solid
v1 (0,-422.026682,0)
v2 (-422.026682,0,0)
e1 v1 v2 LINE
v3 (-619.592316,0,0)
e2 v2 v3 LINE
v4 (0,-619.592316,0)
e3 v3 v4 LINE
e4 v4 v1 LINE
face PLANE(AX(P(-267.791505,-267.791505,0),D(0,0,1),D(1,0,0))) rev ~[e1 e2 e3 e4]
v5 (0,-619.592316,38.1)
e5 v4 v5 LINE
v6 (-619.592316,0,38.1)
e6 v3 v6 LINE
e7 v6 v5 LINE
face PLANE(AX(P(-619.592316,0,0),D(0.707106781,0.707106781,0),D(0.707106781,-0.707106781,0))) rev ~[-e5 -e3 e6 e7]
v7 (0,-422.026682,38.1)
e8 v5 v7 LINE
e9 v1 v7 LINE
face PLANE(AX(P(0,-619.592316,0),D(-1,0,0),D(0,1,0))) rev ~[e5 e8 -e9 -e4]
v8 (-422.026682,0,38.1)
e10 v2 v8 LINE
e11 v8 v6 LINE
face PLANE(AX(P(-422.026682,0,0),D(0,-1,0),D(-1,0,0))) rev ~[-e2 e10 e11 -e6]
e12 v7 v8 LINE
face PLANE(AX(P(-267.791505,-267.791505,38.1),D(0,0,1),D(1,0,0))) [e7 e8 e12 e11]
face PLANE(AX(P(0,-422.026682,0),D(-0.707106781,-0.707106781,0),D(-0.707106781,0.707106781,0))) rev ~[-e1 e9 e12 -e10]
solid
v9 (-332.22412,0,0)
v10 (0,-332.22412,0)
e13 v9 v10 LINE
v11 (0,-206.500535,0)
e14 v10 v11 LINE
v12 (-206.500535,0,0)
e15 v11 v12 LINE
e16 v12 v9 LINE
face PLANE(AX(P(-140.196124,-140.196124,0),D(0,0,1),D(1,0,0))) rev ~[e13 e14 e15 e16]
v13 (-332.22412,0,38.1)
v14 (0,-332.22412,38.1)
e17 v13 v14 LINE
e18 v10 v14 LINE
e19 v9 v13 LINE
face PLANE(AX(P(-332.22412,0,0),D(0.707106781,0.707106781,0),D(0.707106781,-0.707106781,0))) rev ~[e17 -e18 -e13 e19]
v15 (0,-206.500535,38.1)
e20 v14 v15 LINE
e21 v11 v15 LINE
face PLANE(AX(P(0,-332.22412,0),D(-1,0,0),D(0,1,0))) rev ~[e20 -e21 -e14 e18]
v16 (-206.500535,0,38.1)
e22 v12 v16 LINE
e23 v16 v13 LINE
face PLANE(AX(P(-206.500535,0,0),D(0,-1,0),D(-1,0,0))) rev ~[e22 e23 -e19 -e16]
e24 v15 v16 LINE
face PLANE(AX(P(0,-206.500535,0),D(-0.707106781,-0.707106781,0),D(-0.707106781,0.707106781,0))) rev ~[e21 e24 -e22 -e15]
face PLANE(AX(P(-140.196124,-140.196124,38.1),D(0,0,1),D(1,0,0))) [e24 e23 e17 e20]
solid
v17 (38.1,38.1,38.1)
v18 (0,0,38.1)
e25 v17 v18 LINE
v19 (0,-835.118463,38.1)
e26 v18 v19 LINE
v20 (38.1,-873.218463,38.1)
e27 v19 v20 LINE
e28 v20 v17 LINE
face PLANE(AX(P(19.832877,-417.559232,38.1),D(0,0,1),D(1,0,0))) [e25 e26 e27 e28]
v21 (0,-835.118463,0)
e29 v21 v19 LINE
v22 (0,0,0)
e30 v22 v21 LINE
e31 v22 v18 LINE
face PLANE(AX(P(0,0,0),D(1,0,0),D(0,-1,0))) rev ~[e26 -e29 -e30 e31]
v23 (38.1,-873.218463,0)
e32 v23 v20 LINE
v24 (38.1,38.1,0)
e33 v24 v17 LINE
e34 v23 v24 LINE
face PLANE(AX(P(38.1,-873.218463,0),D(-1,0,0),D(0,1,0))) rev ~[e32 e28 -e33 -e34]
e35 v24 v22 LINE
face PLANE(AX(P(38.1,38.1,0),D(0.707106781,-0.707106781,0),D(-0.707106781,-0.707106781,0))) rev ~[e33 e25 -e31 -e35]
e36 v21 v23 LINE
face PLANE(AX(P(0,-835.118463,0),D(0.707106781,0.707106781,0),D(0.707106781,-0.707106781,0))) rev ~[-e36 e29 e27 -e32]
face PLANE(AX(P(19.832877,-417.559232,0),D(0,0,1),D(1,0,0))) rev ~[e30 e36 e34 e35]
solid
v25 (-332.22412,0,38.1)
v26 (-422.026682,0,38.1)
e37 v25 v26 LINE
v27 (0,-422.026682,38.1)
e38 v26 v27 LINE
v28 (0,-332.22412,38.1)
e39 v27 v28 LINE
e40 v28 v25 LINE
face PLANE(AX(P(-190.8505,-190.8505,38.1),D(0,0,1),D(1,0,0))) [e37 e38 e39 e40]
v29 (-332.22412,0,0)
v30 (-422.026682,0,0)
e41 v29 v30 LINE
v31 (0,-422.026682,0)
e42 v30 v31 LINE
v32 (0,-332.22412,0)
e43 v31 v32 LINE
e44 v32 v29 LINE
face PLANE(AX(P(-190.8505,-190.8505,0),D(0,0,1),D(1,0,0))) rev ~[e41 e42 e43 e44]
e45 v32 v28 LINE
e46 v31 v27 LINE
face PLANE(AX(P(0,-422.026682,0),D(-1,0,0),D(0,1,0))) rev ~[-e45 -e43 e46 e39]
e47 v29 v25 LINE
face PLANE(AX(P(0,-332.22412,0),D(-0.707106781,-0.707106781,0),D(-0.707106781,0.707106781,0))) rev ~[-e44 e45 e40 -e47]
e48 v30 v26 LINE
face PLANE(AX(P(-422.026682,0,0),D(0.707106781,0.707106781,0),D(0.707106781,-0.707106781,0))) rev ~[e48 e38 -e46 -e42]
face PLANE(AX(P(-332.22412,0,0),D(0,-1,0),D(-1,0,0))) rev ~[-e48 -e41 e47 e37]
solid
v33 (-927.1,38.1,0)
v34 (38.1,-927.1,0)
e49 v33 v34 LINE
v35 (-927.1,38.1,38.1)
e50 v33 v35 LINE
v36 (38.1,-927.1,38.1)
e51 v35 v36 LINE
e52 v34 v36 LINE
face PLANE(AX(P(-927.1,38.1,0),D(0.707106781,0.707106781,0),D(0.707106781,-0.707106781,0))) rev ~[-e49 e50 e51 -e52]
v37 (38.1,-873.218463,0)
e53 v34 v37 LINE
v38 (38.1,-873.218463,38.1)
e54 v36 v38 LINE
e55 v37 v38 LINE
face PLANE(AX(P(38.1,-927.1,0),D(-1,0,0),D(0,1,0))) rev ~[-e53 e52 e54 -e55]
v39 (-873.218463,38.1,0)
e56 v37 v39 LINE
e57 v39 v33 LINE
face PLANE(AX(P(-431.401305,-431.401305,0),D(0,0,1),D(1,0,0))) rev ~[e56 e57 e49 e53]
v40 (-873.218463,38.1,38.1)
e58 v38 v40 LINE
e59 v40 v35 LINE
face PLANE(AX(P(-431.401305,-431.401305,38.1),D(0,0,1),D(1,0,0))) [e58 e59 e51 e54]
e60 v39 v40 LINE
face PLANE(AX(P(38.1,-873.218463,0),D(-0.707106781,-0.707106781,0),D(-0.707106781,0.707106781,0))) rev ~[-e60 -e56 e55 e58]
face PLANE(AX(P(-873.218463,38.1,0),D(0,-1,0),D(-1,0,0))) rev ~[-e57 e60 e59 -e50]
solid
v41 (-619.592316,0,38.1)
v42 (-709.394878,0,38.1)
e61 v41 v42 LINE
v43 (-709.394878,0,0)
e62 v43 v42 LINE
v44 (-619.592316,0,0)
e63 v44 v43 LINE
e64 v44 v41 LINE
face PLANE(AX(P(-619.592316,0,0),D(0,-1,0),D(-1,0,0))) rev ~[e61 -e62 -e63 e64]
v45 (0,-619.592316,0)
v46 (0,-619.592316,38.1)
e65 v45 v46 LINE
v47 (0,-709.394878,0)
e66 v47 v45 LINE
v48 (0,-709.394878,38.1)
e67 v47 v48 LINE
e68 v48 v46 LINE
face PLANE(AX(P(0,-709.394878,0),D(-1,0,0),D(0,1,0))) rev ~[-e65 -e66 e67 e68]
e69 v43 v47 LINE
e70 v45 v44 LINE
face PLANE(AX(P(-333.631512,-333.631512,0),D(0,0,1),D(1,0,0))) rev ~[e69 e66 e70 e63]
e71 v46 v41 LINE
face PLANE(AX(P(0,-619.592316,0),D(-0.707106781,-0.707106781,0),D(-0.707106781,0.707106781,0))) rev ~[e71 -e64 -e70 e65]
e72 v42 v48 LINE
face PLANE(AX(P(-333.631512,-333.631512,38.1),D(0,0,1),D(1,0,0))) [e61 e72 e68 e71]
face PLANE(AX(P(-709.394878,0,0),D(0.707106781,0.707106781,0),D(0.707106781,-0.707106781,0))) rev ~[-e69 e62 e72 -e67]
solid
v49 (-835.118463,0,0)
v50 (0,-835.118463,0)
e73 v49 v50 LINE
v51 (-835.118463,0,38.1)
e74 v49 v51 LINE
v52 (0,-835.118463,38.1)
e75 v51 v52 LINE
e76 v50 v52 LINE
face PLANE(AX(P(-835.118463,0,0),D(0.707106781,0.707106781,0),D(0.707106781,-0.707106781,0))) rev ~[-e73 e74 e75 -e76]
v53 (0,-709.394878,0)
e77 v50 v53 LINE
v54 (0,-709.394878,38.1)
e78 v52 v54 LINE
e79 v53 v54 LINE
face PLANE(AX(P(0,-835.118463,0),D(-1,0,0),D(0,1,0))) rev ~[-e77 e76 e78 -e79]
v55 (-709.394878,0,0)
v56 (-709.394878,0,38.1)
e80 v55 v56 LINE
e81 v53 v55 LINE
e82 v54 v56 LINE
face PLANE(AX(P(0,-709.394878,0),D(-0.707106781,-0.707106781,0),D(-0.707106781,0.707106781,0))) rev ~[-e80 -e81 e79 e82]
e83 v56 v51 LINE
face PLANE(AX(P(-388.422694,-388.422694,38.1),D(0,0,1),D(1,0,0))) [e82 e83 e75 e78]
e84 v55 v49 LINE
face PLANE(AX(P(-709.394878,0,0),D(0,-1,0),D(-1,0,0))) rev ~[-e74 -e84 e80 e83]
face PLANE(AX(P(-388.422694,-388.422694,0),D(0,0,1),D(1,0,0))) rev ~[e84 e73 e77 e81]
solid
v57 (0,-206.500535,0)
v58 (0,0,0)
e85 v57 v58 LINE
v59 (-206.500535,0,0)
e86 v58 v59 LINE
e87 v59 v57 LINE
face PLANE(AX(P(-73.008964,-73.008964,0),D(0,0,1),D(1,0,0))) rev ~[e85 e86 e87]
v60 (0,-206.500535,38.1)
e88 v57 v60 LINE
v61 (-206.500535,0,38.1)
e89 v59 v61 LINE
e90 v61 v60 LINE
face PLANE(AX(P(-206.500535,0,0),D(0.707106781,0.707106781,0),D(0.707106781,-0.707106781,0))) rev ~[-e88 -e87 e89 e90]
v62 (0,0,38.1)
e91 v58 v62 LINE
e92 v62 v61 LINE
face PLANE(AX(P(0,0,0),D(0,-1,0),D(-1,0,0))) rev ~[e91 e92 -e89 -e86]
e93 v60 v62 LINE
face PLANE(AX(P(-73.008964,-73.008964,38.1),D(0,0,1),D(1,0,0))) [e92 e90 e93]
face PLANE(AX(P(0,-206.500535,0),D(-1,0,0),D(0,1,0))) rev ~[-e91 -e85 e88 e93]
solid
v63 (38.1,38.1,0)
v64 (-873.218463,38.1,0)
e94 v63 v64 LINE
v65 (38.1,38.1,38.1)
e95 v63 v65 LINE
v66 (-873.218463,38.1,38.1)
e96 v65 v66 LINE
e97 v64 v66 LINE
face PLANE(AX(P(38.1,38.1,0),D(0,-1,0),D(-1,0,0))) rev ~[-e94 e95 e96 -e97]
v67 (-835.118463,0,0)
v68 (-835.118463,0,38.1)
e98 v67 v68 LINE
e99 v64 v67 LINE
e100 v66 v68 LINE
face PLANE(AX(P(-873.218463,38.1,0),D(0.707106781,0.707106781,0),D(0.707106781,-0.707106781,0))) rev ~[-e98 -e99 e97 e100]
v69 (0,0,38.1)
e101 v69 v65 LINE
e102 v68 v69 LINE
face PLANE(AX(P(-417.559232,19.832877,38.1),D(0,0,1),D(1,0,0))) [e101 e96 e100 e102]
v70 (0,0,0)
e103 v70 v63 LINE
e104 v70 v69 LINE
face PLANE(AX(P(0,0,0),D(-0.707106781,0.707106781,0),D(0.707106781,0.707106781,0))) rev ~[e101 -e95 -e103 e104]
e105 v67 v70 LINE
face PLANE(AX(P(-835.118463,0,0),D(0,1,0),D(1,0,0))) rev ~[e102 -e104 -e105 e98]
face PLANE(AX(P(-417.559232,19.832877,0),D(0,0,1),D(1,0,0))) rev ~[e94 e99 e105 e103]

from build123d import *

# Parameters (mm, degrees)
F1_DEPTH = 38.1
F2_DEPTH = 38.1
F3_DEPTH = 38.1
F4_DEPTH = 38.1


with BuildPart() as f1:
    # F0 (on Top) → F1 (new body)
    with BuildSketch(Plane.XY):
        Polygon((38.1, -927.1), (38.1, -873.218463), (0, -835.118463), (-835.118463, 0), (-873.218463, 38.1), (-927.1, 38.1), (0, -889), align=None)
        Polygon((0, -709.394878), (0, -619.592316), (-619.592316, 0), (-709.394878, 0), align=None)
        Polygon((0, -422.026682), (0, -332.22412), (-332.22412, 0), (-422.026682, 0), align=None)
        Polygon((0, -206.500535), (0, 0), (-206.500535, 0), align=None)
    extrude(amount=F1_DEPTH)


with BuildPart() as f2:
    # F0 (on Top) → F2 (new body)
    with BuildSketch(Plane.XY):
        Polygon((-835.118463, 0), (0, -835.118463), (0, -709.394878), (-709.394878, 0), align=None)
        Polygon((0, -619.592316), (0, -422.026682), (-422.026682, 0), (-619.592316, 0), align=None)
        Polygon((0, -332.22412), (0, -206.500535), (-206.500535, 0), (-332.22412, 0), align=None)
    extrude(amount=F2_DEPTH)


with BuildPart() as f3:
    # F0 (on Top) → F3 (new body)
    with BuildSketch(Plane.XY):
        Polygon((-206.500535, 0), (0, 0), (38.1, 38.1), (-873.218463, 38.1), (-835.118463, 0), (-709.394878, 0), (-619.592316, 0), (-422.026682, 0), (-332.22412, 0), align=None)
    extrude(amount=F3_DEPTH)


with BuildPart() as f4:
    # F0 (on Top) → F4 (new body)
    with BuildSketch(Plane.XY):
        Polygon((38.1, 38.1), (0, 0), (0, -206.500535), (0, -332.22412), (0, -422.026682), (0, -619.592316), (0, -709.394878), (0, -835.118463), (38.1, -873.218463), align=None)
    extrude(amount=F4_DEPTH)


solid = Compound([f1.part, f2.part, f3.part, f4.part])
